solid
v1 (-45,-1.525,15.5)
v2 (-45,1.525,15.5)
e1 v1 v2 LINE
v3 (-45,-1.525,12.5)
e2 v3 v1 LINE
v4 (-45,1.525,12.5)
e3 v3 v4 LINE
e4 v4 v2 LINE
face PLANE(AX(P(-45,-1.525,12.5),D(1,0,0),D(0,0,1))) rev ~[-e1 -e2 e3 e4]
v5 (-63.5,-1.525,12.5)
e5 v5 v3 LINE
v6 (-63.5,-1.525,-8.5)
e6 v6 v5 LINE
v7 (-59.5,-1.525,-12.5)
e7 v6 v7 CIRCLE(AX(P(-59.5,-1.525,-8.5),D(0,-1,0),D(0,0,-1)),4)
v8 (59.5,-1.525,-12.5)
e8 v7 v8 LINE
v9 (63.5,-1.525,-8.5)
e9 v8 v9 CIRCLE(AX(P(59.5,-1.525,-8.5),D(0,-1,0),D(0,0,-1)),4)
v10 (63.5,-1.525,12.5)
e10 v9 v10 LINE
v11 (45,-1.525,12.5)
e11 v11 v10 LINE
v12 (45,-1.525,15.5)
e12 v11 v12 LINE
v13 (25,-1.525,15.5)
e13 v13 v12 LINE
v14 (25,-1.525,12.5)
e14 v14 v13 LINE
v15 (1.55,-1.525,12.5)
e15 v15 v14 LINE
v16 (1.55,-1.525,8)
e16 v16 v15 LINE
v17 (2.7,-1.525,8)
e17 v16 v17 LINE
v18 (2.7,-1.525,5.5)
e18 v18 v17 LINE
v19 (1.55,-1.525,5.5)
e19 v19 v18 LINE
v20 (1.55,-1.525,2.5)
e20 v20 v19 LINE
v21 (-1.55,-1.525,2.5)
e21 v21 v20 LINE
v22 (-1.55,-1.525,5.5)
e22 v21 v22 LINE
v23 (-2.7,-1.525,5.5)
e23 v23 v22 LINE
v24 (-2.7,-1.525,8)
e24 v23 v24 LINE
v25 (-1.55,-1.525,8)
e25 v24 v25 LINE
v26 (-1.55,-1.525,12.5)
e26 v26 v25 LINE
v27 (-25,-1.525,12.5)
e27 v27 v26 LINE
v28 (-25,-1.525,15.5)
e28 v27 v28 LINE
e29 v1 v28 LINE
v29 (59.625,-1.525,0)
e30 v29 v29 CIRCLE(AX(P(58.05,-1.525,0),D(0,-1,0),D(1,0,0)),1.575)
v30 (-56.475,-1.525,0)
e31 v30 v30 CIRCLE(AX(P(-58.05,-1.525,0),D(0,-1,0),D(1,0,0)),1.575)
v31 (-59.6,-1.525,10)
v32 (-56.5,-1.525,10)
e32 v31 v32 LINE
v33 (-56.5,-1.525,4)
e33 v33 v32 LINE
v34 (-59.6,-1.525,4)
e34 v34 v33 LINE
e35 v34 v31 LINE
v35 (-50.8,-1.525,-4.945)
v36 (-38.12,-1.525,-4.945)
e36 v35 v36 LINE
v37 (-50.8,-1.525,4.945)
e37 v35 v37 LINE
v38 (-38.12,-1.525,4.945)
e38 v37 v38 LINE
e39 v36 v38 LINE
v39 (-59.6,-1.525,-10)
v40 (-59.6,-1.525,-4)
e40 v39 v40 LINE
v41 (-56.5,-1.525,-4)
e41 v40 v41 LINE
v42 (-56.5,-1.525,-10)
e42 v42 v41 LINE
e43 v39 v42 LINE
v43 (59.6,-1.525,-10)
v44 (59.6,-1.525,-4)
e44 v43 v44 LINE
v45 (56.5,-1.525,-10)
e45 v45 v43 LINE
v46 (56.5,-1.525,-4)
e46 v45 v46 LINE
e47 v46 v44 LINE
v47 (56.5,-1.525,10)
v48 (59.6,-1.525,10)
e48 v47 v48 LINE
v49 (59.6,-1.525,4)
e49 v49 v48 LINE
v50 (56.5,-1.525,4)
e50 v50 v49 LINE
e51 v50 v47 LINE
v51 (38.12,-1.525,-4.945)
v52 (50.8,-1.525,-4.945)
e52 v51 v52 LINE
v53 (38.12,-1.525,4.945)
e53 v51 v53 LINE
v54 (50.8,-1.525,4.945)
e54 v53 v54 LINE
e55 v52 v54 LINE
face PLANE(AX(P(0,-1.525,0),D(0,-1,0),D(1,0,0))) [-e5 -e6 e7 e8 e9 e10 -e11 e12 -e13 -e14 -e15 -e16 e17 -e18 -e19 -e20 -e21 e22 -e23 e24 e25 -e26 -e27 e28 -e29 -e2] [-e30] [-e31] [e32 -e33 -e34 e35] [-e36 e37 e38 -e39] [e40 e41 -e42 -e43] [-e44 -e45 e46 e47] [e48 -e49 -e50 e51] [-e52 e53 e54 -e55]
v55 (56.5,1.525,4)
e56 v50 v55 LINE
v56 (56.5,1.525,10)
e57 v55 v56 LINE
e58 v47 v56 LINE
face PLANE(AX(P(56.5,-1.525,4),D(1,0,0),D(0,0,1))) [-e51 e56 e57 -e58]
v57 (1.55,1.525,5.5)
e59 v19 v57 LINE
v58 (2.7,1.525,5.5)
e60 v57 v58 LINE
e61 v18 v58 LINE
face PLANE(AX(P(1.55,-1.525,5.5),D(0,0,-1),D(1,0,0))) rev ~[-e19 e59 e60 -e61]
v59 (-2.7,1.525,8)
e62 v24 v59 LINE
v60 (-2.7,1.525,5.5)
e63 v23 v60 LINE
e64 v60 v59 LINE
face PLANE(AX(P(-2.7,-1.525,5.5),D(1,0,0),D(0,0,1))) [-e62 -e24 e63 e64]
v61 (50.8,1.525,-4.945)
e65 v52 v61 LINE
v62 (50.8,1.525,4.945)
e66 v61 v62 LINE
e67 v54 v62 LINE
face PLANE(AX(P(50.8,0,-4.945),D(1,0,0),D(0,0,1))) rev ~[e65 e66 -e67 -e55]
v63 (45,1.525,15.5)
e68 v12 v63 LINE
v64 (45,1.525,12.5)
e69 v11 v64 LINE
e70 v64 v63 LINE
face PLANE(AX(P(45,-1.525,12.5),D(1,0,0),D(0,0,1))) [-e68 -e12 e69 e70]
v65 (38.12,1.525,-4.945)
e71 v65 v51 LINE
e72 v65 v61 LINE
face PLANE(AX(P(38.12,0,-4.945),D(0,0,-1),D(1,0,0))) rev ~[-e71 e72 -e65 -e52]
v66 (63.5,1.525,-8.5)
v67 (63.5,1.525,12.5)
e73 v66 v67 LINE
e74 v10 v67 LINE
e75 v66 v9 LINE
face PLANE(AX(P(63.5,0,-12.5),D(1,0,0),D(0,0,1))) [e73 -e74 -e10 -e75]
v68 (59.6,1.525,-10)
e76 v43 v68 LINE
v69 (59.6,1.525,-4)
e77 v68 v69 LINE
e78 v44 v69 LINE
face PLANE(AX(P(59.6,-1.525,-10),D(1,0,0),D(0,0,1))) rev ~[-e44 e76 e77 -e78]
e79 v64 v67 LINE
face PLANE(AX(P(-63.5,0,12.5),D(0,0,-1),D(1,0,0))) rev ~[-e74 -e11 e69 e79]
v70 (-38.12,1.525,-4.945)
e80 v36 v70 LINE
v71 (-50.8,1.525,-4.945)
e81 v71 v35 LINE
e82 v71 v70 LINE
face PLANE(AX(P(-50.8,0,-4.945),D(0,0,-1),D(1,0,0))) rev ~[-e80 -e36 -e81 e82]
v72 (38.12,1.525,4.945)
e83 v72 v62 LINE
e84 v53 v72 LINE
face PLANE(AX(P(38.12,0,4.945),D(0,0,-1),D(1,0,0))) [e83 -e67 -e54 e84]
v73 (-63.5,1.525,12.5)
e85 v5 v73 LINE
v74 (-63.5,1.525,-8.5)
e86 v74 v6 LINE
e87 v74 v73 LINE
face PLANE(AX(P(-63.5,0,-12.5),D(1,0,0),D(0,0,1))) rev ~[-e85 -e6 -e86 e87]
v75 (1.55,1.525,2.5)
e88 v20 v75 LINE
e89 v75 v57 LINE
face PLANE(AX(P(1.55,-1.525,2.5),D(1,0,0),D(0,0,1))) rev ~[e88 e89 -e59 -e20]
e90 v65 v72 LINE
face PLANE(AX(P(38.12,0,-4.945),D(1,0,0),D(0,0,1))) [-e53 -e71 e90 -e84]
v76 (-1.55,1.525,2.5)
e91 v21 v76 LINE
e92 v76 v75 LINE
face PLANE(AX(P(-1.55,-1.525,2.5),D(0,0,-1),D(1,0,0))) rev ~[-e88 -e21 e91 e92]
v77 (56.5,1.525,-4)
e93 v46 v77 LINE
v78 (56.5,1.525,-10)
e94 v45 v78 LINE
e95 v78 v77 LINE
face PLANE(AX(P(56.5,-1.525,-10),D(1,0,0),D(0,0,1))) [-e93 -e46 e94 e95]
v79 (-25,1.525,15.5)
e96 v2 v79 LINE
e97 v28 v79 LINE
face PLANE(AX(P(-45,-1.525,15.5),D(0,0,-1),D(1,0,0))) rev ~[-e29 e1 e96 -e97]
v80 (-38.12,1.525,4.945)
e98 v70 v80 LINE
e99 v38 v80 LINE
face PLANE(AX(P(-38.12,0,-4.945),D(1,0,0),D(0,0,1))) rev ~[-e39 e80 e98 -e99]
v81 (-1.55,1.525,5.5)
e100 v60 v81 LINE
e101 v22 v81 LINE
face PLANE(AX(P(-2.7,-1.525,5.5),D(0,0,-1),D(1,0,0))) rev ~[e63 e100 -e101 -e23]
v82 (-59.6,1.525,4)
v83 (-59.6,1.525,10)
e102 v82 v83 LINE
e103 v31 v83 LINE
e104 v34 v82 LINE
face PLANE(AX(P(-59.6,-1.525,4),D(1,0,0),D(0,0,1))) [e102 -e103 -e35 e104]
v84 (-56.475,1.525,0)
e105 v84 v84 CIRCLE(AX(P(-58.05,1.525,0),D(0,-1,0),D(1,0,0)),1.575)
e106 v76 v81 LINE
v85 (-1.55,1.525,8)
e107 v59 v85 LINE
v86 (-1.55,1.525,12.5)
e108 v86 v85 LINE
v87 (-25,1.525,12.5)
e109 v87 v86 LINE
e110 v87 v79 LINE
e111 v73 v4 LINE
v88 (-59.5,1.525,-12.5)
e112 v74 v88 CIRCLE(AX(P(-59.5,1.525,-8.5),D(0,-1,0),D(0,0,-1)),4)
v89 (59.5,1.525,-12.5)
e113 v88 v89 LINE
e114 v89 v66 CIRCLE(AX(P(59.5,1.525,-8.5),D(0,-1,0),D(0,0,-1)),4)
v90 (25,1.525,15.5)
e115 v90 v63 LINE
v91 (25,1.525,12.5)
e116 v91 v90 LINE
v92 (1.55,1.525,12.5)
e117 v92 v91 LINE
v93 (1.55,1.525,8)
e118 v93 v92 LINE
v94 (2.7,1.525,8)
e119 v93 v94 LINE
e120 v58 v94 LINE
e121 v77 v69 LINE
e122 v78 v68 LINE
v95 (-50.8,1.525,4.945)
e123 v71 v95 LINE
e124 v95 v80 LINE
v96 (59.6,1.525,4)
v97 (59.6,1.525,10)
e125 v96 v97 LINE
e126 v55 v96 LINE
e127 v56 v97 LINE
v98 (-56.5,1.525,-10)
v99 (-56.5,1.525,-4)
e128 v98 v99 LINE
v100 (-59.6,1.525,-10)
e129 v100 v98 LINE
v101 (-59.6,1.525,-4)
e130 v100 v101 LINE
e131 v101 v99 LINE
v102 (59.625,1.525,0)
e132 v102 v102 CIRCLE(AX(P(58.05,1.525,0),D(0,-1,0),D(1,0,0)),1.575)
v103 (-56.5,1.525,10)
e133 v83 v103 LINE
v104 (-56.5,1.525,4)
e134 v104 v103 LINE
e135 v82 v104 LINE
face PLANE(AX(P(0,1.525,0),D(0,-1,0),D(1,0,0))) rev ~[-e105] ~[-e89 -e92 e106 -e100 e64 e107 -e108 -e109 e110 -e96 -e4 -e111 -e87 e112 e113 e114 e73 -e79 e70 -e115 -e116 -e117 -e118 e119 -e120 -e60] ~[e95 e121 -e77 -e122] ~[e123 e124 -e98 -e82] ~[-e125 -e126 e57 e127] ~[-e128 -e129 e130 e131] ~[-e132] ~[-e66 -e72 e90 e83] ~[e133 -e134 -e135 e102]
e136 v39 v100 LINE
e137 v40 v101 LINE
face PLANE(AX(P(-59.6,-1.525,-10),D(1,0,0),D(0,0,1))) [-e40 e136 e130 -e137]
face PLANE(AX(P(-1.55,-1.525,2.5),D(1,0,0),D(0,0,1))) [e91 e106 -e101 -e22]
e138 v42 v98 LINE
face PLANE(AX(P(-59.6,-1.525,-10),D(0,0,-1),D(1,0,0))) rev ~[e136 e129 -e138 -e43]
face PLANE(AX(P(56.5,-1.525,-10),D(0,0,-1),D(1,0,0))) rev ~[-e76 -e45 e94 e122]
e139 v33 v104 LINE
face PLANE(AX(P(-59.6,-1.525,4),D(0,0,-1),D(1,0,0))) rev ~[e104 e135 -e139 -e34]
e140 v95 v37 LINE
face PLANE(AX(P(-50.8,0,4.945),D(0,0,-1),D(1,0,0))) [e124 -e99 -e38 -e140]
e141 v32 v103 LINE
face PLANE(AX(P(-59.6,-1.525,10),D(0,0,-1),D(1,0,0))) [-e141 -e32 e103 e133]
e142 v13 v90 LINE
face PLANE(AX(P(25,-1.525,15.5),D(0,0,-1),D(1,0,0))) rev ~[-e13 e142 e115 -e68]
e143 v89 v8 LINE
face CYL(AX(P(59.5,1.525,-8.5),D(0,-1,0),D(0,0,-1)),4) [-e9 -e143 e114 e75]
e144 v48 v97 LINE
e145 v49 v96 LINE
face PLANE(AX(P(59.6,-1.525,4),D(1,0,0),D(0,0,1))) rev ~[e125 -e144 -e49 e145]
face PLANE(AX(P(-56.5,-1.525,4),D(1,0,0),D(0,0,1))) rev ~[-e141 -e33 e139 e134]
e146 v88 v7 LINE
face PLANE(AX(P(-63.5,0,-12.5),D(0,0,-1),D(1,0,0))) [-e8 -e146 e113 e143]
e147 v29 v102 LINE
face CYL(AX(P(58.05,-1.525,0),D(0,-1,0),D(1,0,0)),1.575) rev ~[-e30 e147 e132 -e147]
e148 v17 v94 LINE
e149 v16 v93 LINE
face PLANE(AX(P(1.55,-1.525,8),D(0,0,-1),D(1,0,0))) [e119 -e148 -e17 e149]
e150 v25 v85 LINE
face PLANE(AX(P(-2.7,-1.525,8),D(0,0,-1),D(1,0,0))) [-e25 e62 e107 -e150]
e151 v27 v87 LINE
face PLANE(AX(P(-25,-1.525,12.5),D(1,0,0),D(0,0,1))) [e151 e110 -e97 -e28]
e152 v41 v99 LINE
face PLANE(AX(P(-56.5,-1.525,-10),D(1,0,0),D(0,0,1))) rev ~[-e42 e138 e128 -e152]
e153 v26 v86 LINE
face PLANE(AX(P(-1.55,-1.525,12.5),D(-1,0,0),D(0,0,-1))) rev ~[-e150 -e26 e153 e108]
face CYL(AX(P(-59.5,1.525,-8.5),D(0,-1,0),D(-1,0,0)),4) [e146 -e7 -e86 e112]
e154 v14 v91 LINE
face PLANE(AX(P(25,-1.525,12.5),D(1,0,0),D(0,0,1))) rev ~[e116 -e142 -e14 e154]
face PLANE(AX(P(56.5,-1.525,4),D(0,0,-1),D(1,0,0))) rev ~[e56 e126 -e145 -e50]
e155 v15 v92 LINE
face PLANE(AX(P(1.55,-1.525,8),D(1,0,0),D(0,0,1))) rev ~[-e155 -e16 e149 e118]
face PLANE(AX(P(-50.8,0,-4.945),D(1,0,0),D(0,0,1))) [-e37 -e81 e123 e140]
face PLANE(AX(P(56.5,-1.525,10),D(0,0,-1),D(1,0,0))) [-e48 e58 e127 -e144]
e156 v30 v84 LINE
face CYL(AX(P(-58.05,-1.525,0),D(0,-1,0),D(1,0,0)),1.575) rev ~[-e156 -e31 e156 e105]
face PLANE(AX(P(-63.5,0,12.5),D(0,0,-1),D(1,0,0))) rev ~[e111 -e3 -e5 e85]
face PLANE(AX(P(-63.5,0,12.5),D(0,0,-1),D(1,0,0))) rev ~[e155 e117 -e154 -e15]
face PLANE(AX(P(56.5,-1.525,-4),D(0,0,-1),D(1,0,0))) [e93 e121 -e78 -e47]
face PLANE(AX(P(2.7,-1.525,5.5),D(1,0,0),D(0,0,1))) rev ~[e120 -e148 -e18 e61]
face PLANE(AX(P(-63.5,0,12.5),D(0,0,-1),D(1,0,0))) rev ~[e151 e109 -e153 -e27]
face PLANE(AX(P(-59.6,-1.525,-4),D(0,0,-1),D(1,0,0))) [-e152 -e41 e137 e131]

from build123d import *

# Parameters (mm, degrees)
F0_W     = 127
F0_H     = 25
F0_W_2   = 12.68
F0_H_2   = 9.89
F1_DEPTH = 1.525
F2_W     = 20
F2_H     = 3
F3_DEPTH = 3.05
F4_W     = 3.1
F4_H     = 4.5
F4_H_2   = 2.5
F4_W_2   = 1.15
F4_H_3   = 3
F5_DEPTH = 3.05
F6_W     = 3.1
F6_H     = 6
F6_R     = 1.575
F7_DEPTH = 3.05
F8_R     = 4


with BuildPart() as f1:
    # F0 (on Front) → F1 (new body, symmetric)
    with BuildSketch(Plane.XZ):
        Rectangle(F0_W, F0_H)
        with Locations((-44.46, 0)):
            Rectangle(F0_W_2, F0_H_2, mode=Mode.SUBTRACT)
        with Locations((44.46, 0)):
            Rectangle(F0_W_2, F0_H_2, mode=Mode.SUBTRACT)
    extrude(amount=F1_DEPTH, both=True)

    # F2 (on face) → F3 (join, through all)
    with BuildSketch(Plane.XZ.offset(1.525)):
        with Locations((-35, 14)):
            Rectangle(F2_W, F2_H)
        with Locations((35, 14)):
            Rectangle(F2_W, F2_H)
    extrude(amount=-F3_DEPTH)

    # F4 (on face) → F5 (cut, through all)
    with BuildSketch(Plane.XZ.offset(1.525)):
        with Locations((0, 10.25)):
            Rectangle(F4_W, F4_H)
        with Locations((0, 6.75)):
            Rectangle(F4_W, F4_H_2)
        with Locations((-2.125, 6.75)):
            Rectangle(F4_W_2, F4_H_2)
        with Locations((2.125, 6.75)):
            Rectangle(F4_W_2, F4_H_2)
        with Locations((0, 4)):
            Rectangle(F4_W, F4_H_3)
    extrude(amount=-F5_DEPTH, mode=Mode.SUBTRACT)

    # F6 (on face) → F7 (cut, through all)
    with BuildSketch(Plane.XZ.offset(1.525)):
        with Locations((-58.05, 7)):
            Rectangle(F6_W, F6_H)
        with Locations((-58.05, -7)):
            Rectangle(F6_W, F6_H)
        with Locations((-58.05, 0)):
            Circle(F6_R)
        with Locations((58.05, 7)):
            Rectangle(F6_W, F6_H)
        with Locations((58.05, -7)):
            Rectangle(F6_W, F6_H)
        with Locations((58.05, 0)):
            Circle(F6_R)
    extrude(amount=-F7_DEPTH, mode=Mode.SUBTRACT)

    # F8
    f8_edges = [f1.edges().sort_by_distance(p)[0] for p in [
        (-63.5, 0, -12.5),
        (63.5, 0, -12.5),
    ]]
    fillet(f8_edges, radius=F8_R)


solid = f1.part
